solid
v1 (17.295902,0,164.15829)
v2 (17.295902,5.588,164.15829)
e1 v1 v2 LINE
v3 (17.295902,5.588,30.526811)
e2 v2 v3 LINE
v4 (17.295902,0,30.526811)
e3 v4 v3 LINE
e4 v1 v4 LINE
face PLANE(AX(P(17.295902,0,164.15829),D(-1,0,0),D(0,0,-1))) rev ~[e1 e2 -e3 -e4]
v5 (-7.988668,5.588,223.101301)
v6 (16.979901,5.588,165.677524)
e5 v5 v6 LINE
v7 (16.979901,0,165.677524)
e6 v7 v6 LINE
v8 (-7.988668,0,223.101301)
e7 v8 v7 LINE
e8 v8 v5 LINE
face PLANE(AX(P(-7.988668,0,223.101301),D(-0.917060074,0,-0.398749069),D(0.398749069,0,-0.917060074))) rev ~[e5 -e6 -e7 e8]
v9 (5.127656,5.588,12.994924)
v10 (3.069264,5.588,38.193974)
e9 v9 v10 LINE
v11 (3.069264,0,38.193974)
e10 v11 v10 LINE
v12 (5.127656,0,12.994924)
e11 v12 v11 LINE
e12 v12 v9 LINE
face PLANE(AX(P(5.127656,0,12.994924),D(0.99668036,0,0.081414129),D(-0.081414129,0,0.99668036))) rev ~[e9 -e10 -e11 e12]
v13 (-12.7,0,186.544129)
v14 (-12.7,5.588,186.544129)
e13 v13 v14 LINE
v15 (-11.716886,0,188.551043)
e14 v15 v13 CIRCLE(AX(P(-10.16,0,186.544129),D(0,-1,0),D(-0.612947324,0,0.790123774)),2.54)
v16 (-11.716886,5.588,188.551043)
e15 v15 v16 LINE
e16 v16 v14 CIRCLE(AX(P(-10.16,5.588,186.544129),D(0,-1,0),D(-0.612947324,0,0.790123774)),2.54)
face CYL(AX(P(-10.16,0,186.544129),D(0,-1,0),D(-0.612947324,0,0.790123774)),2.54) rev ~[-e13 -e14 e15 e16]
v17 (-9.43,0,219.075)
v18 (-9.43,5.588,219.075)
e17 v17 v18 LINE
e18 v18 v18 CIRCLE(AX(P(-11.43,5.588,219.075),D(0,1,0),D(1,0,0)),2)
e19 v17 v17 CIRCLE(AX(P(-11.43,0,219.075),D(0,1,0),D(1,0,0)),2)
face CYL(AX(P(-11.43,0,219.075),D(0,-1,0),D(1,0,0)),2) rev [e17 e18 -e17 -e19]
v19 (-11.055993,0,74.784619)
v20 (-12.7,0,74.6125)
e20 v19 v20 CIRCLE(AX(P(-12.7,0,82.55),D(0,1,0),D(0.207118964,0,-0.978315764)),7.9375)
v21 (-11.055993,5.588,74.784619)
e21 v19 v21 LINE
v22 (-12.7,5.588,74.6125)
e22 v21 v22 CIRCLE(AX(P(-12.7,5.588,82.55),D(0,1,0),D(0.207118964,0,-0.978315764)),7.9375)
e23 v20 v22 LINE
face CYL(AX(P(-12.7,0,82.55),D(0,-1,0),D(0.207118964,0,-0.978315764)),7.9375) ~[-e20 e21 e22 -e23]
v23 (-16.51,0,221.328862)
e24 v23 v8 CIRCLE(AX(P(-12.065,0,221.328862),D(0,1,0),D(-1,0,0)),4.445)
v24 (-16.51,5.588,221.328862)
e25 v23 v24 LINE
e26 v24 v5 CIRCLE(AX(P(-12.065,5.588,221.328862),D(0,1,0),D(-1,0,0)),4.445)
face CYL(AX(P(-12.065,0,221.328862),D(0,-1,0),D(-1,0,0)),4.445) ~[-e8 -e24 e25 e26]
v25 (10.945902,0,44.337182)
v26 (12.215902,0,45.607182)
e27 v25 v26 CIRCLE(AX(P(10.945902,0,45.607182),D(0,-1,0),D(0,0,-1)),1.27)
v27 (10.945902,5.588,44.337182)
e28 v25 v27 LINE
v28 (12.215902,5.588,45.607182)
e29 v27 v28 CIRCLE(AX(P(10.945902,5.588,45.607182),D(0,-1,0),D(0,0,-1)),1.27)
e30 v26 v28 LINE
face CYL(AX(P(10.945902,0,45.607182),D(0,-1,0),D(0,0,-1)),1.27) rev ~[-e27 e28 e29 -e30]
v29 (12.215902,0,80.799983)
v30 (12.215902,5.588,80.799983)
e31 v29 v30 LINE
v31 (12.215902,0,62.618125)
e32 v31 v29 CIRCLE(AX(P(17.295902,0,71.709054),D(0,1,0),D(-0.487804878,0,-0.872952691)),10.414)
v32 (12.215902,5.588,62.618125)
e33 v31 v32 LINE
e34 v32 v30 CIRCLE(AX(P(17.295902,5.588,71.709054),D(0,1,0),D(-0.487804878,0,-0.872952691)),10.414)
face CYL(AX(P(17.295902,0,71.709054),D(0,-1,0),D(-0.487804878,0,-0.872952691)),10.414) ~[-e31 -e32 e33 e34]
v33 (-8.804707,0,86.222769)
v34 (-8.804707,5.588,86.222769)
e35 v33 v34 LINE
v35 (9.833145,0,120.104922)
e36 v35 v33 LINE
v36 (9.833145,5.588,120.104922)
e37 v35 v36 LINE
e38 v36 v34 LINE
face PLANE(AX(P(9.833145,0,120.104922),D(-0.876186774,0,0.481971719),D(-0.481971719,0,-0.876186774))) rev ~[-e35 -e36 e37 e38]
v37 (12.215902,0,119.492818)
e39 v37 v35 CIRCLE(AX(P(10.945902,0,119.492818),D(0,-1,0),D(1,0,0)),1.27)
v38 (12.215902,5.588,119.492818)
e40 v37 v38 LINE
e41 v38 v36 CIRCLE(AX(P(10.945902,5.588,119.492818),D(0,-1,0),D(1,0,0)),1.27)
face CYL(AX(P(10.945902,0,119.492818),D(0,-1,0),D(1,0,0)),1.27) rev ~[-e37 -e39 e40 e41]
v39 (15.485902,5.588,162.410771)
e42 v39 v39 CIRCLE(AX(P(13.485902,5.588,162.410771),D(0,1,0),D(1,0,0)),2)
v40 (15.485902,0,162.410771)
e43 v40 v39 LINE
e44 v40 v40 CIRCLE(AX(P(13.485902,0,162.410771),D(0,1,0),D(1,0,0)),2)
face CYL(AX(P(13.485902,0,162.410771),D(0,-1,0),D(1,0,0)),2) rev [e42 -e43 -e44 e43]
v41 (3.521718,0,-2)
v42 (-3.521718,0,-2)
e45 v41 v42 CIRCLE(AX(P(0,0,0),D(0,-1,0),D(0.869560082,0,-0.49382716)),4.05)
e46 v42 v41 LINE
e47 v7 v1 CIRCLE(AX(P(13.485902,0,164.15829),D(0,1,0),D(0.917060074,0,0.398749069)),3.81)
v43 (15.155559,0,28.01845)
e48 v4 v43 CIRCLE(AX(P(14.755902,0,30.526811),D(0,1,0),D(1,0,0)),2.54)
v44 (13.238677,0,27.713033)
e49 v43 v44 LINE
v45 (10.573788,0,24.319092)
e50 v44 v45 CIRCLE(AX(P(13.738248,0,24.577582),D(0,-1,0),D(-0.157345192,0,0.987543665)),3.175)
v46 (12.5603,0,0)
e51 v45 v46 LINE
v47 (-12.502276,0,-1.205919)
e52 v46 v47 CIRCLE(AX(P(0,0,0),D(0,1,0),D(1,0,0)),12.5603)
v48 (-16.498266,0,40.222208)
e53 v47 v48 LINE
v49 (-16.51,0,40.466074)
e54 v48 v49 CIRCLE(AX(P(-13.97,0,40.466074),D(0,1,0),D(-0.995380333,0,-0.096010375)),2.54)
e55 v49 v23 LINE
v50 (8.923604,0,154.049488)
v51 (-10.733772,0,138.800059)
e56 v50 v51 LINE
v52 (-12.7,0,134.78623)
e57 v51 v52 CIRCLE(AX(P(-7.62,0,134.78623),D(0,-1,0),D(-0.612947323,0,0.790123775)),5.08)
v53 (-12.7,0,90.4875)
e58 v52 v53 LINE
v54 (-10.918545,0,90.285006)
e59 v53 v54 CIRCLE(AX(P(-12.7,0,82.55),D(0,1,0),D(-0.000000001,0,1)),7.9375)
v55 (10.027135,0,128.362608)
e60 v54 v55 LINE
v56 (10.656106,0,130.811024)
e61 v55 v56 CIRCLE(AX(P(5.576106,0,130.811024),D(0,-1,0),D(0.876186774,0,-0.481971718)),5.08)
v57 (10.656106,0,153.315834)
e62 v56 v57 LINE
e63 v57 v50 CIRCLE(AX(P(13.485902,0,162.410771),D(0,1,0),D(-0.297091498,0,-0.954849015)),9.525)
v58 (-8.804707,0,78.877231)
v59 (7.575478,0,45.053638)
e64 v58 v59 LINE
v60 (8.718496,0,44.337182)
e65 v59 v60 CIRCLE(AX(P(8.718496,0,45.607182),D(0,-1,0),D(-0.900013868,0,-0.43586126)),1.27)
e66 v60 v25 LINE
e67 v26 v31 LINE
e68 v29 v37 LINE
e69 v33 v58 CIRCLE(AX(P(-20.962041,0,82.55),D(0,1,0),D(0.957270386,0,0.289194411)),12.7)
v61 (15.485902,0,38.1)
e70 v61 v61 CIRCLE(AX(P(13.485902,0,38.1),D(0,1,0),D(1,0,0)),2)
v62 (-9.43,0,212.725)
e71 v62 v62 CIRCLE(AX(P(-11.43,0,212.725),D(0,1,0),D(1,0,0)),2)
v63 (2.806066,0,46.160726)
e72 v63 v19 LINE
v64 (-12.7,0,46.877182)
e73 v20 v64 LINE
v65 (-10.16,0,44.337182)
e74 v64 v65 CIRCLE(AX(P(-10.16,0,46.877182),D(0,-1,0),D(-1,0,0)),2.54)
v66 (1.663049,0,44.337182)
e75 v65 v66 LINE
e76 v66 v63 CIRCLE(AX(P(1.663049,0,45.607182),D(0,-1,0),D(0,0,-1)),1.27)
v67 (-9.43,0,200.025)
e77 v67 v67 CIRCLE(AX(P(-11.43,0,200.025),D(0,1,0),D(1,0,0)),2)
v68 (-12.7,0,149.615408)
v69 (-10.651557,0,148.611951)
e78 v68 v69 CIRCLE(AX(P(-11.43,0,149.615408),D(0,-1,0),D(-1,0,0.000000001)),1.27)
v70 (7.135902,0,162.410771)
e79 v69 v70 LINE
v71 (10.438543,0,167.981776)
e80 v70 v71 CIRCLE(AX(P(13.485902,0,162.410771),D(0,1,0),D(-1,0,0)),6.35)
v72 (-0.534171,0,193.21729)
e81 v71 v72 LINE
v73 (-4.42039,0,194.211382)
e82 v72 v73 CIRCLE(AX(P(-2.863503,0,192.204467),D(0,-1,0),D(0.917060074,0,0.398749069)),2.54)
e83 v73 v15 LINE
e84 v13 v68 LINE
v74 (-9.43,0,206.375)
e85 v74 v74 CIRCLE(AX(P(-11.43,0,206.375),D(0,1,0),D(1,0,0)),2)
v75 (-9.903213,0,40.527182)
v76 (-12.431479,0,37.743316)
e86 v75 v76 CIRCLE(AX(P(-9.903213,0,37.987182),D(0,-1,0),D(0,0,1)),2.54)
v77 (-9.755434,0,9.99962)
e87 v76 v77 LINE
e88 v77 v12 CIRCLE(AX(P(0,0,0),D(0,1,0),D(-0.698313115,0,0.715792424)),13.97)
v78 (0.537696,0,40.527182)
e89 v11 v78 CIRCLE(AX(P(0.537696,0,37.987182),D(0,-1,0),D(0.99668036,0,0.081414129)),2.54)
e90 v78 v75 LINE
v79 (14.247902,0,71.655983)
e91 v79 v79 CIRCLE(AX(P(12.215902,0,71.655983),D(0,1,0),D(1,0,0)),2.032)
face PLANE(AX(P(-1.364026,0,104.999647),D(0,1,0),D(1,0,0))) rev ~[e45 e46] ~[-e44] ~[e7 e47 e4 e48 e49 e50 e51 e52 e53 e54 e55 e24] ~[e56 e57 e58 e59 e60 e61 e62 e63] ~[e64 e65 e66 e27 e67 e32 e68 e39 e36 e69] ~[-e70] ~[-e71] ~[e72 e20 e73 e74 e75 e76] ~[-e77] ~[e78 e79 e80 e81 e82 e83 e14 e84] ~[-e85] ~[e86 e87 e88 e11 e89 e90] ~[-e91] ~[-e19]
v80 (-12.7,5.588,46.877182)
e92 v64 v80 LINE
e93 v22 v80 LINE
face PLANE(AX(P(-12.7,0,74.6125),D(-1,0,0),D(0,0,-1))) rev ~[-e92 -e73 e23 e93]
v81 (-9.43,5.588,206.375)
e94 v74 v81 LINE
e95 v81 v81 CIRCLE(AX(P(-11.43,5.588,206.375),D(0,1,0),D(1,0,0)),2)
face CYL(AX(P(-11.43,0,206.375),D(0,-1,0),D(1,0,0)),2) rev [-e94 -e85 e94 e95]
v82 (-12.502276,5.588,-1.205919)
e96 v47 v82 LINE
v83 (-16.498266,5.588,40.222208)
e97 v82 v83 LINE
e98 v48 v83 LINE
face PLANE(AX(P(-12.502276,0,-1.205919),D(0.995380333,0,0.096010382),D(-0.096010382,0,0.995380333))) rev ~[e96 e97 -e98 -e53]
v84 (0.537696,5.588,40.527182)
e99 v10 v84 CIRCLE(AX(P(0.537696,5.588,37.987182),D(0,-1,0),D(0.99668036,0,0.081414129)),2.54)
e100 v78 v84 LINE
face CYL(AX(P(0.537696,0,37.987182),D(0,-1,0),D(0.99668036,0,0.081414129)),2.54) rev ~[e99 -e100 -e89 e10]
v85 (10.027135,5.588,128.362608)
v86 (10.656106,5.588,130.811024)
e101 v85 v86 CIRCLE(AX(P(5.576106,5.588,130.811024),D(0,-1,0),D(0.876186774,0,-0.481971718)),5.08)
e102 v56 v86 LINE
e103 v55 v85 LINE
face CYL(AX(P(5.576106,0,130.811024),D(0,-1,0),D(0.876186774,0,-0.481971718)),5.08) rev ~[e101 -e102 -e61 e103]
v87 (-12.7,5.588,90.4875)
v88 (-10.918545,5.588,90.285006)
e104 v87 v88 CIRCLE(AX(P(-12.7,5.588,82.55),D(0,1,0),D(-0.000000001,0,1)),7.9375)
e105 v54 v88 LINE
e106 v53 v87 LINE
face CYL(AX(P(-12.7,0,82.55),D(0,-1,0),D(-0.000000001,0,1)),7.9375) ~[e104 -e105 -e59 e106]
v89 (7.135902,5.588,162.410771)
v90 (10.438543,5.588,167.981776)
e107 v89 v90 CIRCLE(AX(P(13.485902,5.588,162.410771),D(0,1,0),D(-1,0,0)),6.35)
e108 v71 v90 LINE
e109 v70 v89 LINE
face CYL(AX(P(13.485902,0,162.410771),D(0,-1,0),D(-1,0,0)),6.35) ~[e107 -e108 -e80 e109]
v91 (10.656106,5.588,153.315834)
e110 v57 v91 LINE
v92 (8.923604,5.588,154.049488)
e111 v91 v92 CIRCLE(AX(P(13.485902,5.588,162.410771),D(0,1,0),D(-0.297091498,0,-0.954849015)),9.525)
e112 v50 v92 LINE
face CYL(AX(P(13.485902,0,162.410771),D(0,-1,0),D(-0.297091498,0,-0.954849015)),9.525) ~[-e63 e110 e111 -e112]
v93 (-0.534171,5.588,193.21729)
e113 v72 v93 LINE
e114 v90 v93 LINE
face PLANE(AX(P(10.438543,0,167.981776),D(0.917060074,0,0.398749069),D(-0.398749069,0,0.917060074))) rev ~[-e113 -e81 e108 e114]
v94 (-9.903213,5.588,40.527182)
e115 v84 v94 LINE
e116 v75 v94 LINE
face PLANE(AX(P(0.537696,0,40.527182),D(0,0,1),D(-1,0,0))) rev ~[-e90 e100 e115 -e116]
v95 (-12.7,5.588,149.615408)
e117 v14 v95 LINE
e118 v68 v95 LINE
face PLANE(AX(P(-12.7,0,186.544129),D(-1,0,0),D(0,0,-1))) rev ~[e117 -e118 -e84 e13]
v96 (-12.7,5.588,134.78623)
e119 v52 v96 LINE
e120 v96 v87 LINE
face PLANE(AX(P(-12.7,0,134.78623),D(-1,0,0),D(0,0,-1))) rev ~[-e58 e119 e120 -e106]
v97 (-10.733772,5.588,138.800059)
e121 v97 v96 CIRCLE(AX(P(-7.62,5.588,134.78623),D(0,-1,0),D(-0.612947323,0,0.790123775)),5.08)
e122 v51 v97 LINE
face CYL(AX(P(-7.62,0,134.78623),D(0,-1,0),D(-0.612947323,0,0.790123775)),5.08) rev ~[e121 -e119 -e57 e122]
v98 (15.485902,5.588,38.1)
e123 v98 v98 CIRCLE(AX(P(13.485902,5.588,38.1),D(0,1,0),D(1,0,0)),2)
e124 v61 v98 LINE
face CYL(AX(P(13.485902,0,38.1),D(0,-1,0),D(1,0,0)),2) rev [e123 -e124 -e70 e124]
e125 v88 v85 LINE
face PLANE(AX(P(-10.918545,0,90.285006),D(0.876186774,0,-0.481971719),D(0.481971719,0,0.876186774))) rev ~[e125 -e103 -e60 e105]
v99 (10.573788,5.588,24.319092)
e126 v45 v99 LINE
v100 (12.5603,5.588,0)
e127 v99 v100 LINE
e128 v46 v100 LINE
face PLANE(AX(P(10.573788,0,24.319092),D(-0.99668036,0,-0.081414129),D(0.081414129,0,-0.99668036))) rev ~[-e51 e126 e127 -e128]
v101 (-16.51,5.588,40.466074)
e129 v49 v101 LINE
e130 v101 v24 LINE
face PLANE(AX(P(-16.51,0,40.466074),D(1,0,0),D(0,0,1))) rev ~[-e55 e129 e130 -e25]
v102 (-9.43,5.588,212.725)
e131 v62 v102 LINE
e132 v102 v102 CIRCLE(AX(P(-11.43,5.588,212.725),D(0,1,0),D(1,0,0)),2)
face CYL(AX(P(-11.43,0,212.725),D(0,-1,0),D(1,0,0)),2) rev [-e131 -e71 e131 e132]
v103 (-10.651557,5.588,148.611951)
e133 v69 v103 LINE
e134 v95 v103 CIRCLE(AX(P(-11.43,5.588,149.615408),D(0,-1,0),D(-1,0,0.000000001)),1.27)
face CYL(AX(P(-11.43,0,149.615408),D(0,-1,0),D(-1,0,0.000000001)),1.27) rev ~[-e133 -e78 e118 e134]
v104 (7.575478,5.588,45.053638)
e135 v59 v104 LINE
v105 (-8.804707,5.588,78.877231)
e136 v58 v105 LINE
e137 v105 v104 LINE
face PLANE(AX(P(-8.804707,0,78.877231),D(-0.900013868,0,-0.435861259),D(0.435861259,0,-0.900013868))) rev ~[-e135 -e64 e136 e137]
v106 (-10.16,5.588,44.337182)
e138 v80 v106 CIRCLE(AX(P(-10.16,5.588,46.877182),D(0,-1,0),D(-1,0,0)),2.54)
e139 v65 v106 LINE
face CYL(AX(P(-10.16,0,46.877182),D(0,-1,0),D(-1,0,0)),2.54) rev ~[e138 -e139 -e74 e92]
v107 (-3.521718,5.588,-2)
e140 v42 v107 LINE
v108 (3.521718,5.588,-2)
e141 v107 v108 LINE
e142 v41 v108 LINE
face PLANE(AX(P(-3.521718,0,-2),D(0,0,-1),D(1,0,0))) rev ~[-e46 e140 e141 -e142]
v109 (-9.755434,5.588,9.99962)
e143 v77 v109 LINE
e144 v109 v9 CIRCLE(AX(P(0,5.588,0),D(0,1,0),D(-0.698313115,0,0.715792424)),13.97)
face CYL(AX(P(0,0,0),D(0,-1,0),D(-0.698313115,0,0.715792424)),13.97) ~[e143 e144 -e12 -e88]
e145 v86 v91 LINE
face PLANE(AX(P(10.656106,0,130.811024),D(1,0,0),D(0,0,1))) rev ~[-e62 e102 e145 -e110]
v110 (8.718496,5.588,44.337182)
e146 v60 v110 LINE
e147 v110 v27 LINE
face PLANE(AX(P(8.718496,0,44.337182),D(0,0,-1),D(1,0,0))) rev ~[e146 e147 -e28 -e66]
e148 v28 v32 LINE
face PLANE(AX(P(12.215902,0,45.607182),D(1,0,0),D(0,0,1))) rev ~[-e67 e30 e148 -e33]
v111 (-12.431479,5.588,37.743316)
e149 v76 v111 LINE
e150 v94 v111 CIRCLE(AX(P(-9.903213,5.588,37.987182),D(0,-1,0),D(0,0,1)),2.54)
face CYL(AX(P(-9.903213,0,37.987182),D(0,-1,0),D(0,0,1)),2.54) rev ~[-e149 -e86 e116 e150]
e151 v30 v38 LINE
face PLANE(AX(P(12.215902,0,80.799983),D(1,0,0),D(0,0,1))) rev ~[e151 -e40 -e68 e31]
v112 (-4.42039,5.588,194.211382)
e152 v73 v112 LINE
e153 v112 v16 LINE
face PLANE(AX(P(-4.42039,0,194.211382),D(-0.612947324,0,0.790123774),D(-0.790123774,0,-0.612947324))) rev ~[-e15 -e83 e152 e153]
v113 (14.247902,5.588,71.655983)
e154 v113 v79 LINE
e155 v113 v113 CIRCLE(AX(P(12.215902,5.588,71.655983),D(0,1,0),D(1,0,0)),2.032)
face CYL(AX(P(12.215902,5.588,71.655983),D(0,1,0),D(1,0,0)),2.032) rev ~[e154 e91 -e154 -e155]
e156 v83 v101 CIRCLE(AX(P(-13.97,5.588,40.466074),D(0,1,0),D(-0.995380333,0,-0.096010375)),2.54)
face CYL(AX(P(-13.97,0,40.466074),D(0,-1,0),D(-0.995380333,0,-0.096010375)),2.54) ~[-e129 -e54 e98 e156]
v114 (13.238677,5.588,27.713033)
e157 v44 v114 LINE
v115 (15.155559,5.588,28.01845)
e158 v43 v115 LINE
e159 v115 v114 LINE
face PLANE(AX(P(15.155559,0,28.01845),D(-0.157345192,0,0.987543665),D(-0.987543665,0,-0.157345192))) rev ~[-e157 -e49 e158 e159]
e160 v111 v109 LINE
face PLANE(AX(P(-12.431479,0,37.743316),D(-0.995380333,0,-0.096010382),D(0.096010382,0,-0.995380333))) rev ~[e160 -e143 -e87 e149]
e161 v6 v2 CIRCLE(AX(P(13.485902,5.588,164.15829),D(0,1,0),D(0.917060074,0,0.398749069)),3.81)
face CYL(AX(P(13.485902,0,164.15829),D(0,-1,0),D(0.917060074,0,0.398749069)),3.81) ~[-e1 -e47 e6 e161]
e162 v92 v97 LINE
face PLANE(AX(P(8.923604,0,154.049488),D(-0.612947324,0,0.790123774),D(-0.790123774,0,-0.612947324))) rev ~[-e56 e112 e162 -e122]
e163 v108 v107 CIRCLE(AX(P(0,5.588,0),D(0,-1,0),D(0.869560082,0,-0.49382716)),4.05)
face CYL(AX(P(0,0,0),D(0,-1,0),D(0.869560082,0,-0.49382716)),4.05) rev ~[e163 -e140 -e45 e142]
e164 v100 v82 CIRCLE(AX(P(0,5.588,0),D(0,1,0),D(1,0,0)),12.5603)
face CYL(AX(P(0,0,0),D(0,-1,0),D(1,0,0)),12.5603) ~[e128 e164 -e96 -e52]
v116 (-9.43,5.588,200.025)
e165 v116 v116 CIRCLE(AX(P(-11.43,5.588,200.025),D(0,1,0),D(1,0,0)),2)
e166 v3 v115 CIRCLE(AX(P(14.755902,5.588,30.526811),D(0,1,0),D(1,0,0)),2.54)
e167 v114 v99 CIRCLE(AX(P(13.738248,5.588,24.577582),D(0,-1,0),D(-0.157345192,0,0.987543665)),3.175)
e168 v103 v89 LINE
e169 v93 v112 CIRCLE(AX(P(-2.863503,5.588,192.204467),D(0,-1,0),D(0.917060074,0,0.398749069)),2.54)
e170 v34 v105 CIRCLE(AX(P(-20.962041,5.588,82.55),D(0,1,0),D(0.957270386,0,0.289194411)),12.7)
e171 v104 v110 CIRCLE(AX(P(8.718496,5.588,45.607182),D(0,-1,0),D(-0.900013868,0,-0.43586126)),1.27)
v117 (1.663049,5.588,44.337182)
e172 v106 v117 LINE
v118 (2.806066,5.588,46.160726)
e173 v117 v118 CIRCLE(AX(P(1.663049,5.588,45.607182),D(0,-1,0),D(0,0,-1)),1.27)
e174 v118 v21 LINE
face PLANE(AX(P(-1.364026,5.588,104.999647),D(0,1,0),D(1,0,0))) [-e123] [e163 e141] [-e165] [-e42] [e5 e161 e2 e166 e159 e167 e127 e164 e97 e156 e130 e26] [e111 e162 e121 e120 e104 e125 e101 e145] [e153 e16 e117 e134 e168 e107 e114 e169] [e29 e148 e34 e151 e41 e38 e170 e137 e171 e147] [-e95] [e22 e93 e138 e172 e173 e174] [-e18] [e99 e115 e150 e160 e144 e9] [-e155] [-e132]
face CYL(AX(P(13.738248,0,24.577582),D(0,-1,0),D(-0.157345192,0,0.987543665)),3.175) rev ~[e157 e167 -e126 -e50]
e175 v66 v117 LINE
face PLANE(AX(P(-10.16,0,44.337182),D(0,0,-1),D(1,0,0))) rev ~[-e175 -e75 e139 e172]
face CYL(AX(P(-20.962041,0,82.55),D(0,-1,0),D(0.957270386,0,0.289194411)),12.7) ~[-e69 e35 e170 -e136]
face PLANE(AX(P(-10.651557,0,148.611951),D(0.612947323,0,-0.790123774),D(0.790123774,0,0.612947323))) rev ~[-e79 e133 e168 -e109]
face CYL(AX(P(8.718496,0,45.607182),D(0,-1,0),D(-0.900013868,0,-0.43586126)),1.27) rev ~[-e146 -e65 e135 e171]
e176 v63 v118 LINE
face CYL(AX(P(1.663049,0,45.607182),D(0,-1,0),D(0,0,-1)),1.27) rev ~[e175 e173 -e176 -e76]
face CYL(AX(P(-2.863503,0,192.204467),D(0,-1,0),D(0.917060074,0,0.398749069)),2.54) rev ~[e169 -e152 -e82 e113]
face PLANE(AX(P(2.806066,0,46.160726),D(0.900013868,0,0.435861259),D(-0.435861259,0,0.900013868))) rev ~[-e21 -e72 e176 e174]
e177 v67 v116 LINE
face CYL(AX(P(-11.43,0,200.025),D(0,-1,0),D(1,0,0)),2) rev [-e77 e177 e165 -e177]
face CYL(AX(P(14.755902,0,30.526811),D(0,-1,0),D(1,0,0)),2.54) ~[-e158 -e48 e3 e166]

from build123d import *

# Parameters (mm, degrees)
SKETCH2_R           = 2
SKETCH2_R_2         = 1.999999991
BOSS_EXTRUDE1_DEPTH = 5.588
SKETCH7_R           = 2.032
CUT_EXTRUDE1_DEPTH  = 5.588


with BuildPart() as part:
    # Sketch2 → Boss-Extrude1 (new body)
    with BuildSketch(Plane(origin=(0, 0, 0), x_dir=(1, 0, 0), z_dir=(0, 1, 0))):
        with BuildLine():
            ThreePointArc((17.295902343, -30.526810701), (16.688093876, -28.878103365), (15.15555913, -28.018449791))
            Line((15.15555913, -28.018449791), (13.238676936, -27.713033224))
            ThreePointArc((13.238676936, -27.713033224), (11.241051513, -26.538356195), (10.573787778, -24.319092227))
            Line((10.573787778, -24.319092227), (12.5603, 0))
            ThreePointArc((12.5603, 0), (0.603657177, 12.545785512), (-12.502275592, 1.2059192))
            Line((-12.502275592, 1.2059192), (-16.498266045, -40.222207921))
            ThreePointArc((-16.498266045, -40.222207921), (-16.507064815, -40.344000039), (-16.51, -40.466074291))
            Line((-16.51, -40.466074291), (-16.51, -221.328861788))
            ThreePointArc((-16.51, -221.328861788), (-12.970187584, -225.680718913), (-7.988667969, -223.101301399))
            Line((-7.988667969, -223.101301399), (16.979901226, -165.677523619))
            ThreePointArc((16.979901226, -165.677523619), (17.216065593, -164.934164738), (17.295902343, -164.158289667))
            Line((17.295902343, -164.158289667), (17.295902343, -30.526810701))
        make_face()
        with Locations((-11.43, -219.075)):
            Circle(SKETCH2_R, mode=Mode.SUBTRACT)
        with Locations((-11.43, -212.725)):
            Circle(SKETCH2_R, mode=Mode.SUBTRACT)
        with Locations((-11.43, -206.375)):
            Circle(SKETCH2_R, mode=Mode.SUBTRACT)
        with Locations((-11.43, -200.025)):
            Circle(SKETCH2_R, mode=Mode.SUBTRACT)
        with BuildLine():
            ThreePointArc((7.135902343, -162.410770806), (8.023611961, -165.648962244), (10.438542905, -167.981776143))
            Line((10.438542905, -167.981776143), (-0.534170778, -193.217289931))
            ThreePointArc((-0.534170778, -193.217289931), (-2.234040931, -194.665234867), (-4.420389569, -194.211381682))
            Line((-4.420389569, -194.211381682), (-11.716886202, -188.551043102))
            ThreePointArc((-11.716886202, -188.551043102), (-12.441018517, -187.661516081), (-12.7, -186.544128716))
            Line((-12.7, -186.544128716), (-12.7, -149.615408258))
            ThreePointArc((-12.7, -149.615408258), (-11.988693683, -148.474898999), (-10.651556899, -148.611951065))
            Line((-10.651556899, -148.611951065), (7.135902343, -162.410770806))
        make_face(mode=Mode.SUBTRACT)
        with BuildLine():
            ThreePointArc((10.656105825, -153.315833936), (9.771695946, -153.639779081), (8.923603828, -154.049487576))
            Line((8.923603828, -154.049487576), (-10.733772403, -138.80005889))
            ThreePointArc((-10.733772403, -138.80005889), (-12.182037035, -137.021004847), (-12.7, -134.786230117))
            Line((-12.7, -134.786230117), (-12.7, -90.4875))
            ThreePointArc((-12.7, -90.4875), (-11.803536501, -90.43671411), (-10.918544548, -90.285006317))
            Line((-10.918544548, -90.285006317), (10.027134635, -128.362607876))
            ThreePointArc((10.027134635, -128.362607876), (10.49635106, -129.547067395), (10.656105825, -130.811024207))
            Line((10.656105825, -130.811024207), (10.656105825, -153.315833936))
        make_face(mode=Mode.SUBTRACT)
        with Locations((13.485902343, -162.410770806)):
            Circle(SKETCH2_R, mode=Mode.SUBTRACT)
        with BuildLine():
            Line((-10.16, -44.337182032), (1.663048834, -44.337182032))
            ThreePointArc((1.663048834, -44.337182032), (2.739129831, -44.932682449), (2.806066447, -46.160725831))
            Line((2.806066447, -46.160725831), (-11.055993219, -74.784618621))
            ThreePointArc((-11.055993219, -74.784618621), (-11.873503915, -74.655646925), (-12.7, -74.6125))
            Line((-12.7, -74.6125), (-12.7, -46.877182032))
            ThreePointArc((-12.7, -46.877182032), (-11.956051224, -45.081130808), (-10.16, -44.337182032))
        make_face(mode=Mode.SUBTRACT)
        with BuildLine():
            ThreePointArc((-9.903213406, -40.527182032), (-11.783508673, -39.694838236), (-12.431479451, -37.743315662))
            Line((-12.431479451, -37.743315662), (-9.755434212, -9.99962016))
            ThreePointArc((-9.755434212, -9.99962016), (-2.756273581, -13.695395429), (5.127655889, -12.99492382))
            Line((5.127655889, -12.99492382), (3.069264048, -38.19397392))
            ThreePointArc((3.069264048, -38.19397392), (2.259083254, -39.854914801), (0.537695935, -40.527182032))
            Line((0.537695935, -40.527182032), (-9.903213406, -40.527182032))
        make_face(mode=Mode.SUBTRACT)
        with BuildLine():
            Line((-3.521718331, 2), (3.521718331, 2))
            ThreePointArc((3.521718331, 2), (0, -4.05), (-3.521718331, 2))
        make_face(mode=Mode.SUBTRACT)
        with BuildLine():
            ThreePointArc((-8.804706991, -86.222769023), (-8.262040897, -82.55), (-8.804706991, -78.877230977))
            Line((-8.804706991, -78.877230977), (7.575478058, -45.053638233))
            ThreePointArc((7.575478058, -45.053638233), (8.043996088, -44.531101035), (8.718495671, -44.337182032))
            Line((8.718495671, -44.337182032), (10.945902343, -44.337182032))
            ThreePointArc((10.945902343, -44.337182032), (11.843927955, -44.70915642), (12.215902343, -45.607182032))
            Line((12.215902343, -45.607182032), (12.215902343, -62.618124667))
            ThreePointArc((12.215902343, -62.618124667), (6.881902343, -71.709053992), (12.215902343, -80.799983318))
            Line((12.215902343, -80.799983318), (12.215902343, -119.492817968))
            ThreePointArc((12.215902343, -119.492817968), (11.261891546, -120.722879277), (9.83314514, -120.104922051))
            Line((9.83314514, -120.104922051), (-8.804706991, -86.222769023))
        make_face(mode=Mode.SUBTRACT)
        with Locations((13.485902343, -38.1)):
            Circle(SKETCH2_R_2, mode=Mode.SUBTRACT)
    extrude(amount=BOSS_EXTRUDE1_DEPTH)

    # Sketch7 → Cut-Extrude1 (cut)
    with BuildSketch(Plane(origin=(0, 5.588, 0), x_dir=(1, 0, 0), z_dir=(0, 1, 0))):
        with Locations((12.215902343, -71.655983318)):
            Circle(SKETCH7_R)
    extrude(amount=-CUT_EXTRUDE1_DEPTH, mode=Mode.SUBTRACT)


solid = part.part
